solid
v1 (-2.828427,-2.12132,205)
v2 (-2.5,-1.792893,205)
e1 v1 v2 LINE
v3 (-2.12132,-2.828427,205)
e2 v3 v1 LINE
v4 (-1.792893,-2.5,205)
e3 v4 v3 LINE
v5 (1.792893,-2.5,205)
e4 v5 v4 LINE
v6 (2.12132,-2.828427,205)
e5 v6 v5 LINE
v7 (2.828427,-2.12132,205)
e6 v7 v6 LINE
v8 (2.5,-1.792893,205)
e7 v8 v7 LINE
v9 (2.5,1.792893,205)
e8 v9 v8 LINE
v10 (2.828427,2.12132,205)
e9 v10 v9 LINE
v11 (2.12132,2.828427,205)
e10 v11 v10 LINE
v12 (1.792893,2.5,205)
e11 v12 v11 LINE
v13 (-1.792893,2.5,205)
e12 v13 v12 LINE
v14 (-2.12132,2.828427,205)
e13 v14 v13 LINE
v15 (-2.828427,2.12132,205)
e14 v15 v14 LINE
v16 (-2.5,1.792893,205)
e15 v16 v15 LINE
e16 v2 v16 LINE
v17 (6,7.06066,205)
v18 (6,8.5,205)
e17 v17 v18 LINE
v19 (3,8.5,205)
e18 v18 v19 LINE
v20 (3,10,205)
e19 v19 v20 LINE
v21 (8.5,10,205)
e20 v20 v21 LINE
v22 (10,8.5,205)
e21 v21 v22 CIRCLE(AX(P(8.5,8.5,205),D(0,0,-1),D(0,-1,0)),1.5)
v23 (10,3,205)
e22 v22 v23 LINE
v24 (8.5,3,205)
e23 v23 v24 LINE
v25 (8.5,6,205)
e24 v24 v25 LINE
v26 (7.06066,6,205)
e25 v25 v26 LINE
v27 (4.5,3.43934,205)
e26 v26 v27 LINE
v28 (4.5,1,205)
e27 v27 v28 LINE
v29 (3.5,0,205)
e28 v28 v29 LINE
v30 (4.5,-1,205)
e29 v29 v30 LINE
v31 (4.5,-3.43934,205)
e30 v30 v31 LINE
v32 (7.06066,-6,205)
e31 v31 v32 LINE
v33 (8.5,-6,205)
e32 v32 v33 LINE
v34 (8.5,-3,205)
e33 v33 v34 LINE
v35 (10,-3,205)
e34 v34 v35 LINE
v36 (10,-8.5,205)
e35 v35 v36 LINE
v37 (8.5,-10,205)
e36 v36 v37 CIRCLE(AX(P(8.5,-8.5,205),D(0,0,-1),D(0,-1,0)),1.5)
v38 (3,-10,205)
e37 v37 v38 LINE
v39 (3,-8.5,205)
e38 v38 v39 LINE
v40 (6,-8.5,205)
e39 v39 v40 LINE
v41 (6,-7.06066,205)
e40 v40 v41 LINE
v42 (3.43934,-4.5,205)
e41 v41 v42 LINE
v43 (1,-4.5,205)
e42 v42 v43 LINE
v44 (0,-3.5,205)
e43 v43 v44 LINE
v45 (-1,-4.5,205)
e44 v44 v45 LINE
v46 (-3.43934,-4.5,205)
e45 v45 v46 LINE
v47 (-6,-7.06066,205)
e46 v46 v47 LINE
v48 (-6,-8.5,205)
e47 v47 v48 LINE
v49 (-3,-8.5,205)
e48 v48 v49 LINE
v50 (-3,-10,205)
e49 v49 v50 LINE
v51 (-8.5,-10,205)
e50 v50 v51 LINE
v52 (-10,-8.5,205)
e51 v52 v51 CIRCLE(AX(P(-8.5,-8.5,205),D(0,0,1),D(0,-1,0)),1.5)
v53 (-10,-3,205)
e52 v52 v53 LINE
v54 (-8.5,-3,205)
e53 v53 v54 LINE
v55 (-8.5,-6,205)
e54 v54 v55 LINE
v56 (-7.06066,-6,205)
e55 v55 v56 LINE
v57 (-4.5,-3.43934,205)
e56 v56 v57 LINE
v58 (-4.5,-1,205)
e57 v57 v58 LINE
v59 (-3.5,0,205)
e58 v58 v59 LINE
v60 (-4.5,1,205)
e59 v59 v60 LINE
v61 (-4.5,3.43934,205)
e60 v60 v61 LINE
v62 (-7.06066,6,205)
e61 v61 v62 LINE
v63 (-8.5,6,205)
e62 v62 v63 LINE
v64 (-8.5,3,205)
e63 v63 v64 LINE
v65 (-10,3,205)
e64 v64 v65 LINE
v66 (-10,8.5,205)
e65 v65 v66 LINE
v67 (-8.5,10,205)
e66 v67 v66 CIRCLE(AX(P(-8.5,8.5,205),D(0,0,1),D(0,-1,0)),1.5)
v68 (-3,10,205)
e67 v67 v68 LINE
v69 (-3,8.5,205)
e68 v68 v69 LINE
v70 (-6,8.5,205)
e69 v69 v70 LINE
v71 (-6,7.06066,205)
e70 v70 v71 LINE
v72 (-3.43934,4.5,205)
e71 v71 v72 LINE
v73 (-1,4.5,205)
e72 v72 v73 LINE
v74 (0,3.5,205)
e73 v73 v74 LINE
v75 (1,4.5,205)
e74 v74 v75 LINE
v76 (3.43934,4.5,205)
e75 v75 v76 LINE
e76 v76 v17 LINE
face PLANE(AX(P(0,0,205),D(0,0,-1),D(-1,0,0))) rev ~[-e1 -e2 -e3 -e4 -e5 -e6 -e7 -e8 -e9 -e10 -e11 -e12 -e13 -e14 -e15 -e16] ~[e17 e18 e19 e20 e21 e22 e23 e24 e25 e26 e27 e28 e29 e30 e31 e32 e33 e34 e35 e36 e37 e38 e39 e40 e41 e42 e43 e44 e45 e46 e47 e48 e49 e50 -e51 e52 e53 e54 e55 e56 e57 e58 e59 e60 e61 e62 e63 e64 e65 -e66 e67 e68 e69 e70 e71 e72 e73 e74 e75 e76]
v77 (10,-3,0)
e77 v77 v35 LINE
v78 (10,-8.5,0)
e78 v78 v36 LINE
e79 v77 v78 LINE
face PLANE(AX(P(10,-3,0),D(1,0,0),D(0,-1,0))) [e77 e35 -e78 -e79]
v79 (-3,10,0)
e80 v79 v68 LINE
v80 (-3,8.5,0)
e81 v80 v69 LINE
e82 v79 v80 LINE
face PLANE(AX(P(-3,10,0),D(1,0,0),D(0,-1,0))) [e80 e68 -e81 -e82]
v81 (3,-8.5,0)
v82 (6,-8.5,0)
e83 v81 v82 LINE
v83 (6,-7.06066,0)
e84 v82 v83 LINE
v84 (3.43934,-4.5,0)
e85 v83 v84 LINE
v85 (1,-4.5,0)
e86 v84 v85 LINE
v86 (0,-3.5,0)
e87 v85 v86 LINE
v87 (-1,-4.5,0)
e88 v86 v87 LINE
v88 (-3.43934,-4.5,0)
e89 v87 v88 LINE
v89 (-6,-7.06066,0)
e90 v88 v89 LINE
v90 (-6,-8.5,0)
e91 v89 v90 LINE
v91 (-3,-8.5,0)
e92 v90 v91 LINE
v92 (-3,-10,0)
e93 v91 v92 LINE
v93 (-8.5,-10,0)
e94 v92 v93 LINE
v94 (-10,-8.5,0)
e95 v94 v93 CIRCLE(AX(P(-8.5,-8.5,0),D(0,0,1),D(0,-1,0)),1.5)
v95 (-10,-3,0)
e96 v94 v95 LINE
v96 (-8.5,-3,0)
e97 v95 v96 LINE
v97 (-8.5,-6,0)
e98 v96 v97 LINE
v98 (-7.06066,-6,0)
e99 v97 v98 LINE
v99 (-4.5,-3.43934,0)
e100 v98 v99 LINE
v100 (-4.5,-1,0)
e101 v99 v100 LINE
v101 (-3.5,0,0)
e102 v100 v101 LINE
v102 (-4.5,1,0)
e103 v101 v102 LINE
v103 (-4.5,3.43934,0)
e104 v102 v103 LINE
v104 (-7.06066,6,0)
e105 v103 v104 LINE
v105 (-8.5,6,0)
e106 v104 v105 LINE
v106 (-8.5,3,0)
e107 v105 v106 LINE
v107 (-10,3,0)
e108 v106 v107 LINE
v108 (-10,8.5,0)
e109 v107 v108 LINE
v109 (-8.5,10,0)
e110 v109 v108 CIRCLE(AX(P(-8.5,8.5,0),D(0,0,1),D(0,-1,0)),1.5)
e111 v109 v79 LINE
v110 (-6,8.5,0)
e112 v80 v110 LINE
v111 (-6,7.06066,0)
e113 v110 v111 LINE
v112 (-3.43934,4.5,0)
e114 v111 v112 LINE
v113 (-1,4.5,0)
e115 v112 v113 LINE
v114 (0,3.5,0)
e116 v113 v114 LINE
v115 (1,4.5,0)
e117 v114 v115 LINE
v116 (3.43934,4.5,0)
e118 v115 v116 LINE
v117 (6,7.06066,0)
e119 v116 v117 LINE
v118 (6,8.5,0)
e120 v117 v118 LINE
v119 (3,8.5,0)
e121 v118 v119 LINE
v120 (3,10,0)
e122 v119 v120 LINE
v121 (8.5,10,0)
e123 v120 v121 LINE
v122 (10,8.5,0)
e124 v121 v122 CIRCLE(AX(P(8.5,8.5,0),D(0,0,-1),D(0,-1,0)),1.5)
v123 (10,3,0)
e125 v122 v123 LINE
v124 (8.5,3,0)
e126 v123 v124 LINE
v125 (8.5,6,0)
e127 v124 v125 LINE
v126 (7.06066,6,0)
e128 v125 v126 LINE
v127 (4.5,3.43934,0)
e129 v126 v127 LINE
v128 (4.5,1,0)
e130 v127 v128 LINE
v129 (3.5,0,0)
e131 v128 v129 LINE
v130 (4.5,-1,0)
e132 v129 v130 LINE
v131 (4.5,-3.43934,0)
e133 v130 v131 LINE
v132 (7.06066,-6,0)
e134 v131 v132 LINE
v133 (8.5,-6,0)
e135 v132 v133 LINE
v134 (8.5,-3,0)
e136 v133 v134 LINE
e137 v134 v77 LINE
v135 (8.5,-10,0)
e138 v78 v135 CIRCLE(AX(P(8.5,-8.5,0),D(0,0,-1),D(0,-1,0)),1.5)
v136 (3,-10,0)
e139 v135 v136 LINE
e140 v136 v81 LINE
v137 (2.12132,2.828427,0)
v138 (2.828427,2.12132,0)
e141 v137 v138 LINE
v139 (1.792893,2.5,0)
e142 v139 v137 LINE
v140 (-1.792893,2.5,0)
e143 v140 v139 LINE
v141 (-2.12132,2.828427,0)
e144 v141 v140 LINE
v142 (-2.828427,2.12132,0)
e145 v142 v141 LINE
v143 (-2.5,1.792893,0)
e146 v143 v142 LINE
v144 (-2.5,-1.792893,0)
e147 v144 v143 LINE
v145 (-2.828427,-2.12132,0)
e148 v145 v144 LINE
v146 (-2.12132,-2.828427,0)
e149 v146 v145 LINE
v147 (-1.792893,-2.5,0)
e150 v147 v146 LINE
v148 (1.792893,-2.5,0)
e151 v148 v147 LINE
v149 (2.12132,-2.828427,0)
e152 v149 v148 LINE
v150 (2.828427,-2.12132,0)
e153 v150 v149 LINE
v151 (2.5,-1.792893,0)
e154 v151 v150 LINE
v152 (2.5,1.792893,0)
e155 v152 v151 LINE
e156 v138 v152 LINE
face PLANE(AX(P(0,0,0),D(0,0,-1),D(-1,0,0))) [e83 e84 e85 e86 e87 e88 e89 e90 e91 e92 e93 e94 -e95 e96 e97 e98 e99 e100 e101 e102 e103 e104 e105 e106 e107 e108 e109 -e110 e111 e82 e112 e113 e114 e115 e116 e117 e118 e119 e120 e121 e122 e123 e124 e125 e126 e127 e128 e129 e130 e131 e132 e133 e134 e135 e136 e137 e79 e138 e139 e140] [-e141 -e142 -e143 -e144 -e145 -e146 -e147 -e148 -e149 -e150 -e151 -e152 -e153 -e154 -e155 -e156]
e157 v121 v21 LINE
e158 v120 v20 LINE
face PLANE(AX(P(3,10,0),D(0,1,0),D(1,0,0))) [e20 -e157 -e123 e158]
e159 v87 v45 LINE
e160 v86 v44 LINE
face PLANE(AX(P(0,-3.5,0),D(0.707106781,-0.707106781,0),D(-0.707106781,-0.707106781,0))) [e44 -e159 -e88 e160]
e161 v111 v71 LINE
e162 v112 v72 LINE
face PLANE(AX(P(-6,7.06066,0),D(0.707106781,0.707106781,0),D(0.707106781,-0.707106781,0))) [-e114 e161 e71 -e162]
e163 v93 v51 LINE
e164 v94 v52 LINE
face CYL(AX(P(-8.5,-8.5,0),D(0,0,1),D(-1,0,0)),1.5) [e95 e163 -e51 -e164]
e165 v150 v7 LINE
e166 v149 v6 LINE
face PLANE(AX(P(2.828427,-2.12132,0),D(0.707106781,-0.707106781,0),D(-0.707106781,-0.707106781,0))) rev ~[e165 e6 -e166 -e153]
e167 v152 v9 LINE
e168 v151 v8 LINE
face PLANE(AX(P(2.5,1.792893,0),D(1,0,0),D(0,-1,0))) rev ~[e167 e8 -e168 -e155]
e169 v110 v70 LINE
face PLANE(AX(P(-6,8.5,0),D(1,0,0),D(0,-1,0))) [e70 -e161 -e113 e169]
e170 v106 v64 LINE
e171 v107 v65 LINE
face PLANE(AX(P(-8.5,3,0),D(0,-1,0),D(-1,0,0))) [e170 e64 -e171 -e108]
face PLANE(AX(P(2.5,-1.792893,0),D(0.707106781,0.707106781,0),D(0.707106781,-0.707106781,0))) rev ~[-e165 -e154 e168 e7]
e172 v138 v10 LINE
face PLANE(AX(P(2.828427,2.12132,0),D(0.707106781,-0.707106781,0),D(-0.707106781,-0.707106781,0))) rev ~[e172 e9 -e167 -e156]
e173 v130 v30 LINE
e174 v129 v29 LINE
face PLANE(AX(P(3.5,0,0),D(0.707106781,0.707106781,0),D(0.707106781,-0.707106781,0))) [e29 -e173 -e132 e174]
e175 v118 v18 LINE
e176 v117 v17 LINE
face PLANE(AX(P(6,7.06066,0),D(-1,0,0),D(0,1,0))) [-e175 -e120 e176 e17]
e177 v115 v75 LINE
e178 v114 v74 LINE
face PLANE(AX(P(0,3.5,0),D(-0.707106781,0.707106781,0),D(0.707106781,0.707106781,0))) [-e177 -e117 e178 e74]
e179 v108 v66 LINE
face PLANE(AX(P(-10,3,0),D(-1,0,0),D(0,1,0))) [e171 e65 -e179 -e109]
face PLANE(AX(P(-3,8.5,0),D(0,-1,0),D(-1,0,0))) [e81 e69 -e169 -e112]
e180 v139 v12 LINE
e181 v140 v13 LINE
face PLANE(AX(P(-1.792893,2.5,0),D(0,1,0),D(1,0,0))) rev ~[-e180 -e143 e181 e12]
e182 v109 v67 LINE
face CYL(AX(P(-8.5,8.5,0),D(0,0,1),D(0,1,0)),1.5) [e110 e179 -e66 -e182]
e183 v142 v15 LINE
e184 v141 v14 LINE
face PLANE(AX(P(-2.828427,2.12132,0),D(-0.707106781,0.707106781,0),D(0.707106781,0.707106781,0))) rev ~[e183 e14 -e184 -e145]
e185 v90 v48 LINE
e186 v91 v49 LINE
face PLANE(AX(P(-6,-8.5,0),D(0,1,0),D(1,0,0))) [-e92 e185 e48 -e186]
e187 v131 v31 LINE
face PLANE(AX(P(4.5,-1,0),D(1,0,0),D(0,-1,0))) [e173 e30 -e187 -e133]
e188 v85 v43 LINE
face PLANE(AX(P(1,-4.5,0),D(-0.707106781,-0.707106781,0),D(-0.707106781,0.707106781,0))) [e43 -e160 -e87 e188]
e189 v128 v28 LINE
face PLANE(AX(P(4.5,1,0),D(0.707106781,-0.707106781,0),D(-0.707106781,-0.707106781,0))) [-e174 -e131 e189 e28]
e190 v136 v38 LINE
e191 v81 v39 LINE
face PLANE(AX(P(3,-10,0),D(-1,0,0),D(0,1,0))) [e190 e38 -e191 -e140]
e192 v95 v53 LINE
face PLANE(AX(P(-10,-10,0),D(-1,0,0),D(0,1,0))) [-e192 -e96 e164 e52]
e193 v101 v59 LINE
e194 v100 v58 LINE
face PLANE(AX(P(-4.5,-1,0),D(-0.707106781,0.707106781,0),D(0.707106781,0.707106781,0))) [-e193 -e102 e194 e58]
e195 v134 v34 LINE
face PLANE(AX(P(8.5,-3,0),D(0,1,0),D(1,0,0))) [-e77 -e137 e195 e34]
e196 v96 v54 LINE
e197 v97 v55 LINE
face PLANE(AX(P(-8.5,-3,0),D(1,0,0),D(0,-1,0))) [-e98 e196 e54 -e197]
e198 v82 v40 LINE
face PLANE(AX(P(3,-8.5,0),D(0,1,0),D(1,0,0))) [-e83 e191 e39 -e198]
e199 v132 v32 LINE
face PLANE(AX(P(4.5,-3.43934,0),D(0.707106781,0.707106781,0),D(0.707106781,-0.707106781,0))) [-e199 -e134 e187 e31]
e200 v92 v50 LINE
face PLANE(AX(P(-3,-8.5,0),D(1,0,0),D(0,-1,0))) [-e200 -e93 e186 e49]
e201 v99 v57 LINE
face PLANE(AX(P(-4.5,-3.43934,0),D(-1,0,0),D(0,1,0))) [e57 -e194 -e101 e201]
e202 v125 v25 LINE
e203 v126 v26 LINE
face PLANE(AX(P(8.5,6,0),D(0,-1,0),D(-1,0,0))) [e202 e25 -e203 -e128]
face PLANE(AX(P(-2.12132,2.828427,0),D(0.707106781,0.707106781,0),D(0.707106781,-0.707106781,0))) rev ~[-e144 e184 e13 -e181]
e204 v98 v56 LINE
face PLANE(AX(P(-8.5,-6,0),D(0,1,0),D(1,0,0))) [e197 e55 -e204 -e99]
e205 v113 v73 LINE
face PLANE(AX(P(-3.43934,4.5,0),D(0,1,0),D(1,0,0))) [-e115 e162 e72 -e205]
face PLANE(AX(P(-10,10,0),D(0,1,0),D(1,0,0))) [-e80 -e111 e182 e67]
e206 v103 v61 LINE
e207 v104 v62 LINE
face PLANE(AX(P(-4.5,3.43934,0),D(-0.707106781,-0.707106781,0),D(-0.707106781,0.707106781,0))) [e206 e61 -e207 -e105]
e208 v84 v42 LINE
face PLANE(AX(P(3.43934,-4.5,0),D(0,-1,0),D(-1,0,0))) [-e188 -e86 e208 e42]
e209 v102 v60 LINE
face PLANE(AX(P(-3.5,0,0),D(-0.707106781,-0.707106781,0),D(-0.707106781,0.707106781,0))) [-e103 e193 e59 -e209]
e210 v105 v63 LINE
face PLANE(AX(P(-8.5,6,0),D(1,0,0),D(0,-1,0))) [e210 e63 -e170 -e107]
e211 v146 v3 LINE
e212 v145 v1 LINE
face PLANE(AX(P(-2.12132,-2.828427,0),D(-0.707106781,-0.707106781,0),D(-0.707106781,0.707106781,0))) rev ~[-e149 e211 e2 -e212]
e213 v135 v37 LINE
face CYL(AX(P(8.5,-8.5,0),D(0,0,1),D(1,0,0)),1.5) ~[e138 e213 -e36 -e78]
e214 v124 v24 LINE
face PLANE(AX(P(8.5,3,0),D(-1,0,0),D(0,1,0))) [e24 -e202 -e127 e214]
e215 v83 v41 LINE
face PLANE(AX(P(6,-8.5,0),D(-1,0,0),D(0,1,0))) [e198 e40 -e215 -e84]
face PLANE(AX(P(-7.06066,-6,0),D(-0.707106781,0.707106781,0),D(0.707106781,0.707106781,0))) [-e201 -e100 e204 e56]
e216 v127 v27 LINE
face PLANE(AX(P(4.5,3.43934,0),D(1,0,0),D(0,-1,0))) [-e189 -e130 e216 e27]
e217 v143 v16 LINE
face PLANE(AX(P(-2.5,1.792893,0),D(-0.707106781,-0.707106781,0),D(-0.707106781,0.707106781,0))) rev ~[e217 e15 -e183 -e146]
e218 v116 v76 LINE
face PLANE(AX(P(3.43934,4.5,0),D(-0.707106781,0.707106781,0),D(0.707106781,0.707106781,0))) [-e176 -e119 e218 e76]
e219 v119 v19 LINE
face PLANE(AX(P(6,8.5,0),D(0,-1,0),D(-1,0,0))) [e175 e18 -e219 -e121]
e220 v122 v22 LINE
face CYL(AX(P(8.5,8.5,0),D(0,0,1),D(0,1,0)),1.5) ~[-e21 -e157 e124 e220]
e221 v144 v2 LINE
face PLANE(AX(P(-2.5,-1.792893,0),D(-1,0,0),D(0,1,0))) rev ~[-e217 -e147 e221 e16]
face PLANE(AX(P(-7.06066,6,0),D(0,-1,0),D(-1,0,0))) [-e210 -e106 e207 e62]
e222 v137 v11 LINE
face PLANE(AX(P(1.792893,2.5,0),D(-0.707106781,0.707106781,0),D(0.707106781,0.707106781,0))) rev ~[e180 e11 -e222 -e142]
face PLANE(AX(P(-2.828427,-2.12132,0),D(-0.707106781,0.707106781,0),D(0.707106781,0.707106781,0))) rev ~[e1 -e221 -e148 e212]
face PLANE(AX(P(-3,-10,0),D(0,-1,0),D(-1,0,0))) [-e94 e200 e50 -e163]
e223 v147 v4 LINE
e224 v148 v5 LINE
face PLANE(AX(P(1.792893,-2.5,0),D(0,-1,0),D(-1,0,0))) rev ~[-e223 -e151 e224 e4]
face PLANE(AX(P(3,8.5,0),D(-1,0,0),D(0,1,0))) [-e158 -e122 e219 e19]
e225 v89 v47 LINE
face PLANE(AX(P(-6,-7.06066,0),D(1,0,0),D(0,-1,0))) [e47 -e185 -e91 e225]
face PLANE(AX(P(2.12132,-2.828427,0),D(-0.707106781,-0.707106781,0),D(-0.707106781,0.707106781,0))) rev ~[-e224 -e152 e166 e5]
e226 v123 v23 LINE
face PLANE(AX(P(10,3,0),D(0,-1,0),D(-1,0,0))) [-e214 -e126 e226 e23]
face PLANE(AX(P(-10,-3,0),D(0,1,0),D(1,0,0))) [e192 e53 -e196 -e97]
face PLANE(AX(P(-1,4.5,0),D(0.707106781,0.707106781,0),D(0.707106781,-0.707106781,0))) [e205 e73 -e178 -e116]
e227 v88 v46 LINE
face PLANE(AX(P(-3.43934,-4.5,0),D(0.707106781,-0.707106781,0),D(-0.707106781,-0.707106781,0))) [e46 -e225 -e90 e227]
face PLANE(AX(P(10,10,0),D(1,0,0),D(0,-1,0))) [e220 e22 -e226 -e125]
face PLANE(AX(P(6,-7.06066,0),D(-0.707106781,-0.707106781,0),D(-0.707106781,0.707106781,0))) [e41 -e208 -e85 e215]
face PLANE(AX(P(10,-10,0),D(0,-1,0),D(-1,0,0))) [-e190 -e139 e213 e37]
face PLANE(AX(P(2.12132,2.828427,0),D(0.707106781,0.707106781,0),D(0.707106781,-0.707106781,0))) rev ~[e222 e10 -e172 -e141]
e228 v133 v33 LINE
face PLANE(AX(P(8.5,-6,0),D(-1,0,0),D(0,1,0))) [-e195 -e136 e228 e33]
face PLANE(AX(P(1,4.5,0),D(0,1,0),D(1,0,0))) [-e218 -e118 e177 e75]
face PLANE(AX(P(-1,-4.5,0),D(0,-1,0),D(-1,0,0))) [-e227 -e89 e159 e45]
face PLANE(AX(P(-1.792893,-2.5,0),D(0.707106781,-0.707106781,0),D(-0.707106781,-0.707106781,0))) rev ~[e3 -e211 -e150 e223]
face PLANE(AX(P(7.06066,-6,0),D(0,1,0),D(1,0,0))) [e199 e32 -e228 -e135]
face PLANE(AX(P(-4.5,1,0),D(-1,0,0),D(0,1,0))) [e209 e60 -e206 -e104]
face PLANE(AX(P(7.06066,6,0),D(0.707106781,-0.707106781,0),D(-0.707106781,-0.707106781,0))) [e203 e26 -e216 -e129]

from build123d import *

# Parameters (mm, degrees)
BOSS_EXTRUDE1_DEPTH = 205
FILLET1_R           = 1.5


with BuildPart() as part:
    # Sketch1 → Boss-Extrude1 (new body)
    with BuildSketch(Plane.XY):
        Polygon((0, 3.5), (1, 4.5), (3.439339828, 4.5), (6, 7.060660172), (6, 8.5), (3, 8.5), (3, 10), (10, 10), (10, 3), (8.5, 3), (8.5, 6), (7.060660172, 6), (4.5, 3.439339828), (4.5, 1), (3.5, 0), (4.5, -1), (4.5, -3.439339828), (7.060660172, -6), (8.5, -6), (8.5, -3), (10, -3), (10, -10), (3, -10), (3, -8.5), (6, -8.5), (6, -7.060660172), (3.439339828, -4.5), (1, -4.5), (0, -3.5), (-1, -4.5), (-3.439339828, -4.5), (-6, -7.060660172), (-6, -8.5), (-3, -8.5), (-3, -10), (-10, -10), (-10, -3), (-8.5, -3), (-8.5, -6), (-7.060660172, -6), (-4.5, -3.439339828), (-4.5, -1), (-3.5, 0), (-4.5, 1), (-4.5, 3.439339828), (-7.060660172, 6), (-8.5, 6), (-8.5, 3), (-10, 3), (-10, 10), (-3, 10), (-3, 8.5), (-6, 8.5), (-6, 7.060660172), (-3.439339828, 4.5), (-1, 4.5), align=None)
        Polygon((-1.792893219, 2.5), (1.792893219, 2.5), (2.121320344, 2.828427125), (2.828427125, 2.121320344), (2.5, 1.792893219), (2.5, -1.792893219), (2.828427125, -2.121320344), (2.121320344, -2.828427125), (1.792893219, -2.5), (-1.792893219, -2.5), (-2.121320344, -2.828427125), (-2.828427125, -2.121320344), (-2.5, -1.792893219), (-2.5, 1.792893219), (-2.828427125, 2.121320344), (-2.121320344, 2.828427125), align=None, mode=Mode.SUBTRACT)
    extrude(amount=BOSS_EXTRUDE1_DEPTH)

    # Fillet1
    fillet1_edges = [part.edges().sort_by_distance(p)[0] for p in [
        (10, 10, 102.5),
        (10, -10, 102.5),
        (-10, -10, 102.5),
        (-10, 10, 102.5),
    ]]
    fillet(fillet1_edges, radius=FILLET1_R)


solid = part.part
